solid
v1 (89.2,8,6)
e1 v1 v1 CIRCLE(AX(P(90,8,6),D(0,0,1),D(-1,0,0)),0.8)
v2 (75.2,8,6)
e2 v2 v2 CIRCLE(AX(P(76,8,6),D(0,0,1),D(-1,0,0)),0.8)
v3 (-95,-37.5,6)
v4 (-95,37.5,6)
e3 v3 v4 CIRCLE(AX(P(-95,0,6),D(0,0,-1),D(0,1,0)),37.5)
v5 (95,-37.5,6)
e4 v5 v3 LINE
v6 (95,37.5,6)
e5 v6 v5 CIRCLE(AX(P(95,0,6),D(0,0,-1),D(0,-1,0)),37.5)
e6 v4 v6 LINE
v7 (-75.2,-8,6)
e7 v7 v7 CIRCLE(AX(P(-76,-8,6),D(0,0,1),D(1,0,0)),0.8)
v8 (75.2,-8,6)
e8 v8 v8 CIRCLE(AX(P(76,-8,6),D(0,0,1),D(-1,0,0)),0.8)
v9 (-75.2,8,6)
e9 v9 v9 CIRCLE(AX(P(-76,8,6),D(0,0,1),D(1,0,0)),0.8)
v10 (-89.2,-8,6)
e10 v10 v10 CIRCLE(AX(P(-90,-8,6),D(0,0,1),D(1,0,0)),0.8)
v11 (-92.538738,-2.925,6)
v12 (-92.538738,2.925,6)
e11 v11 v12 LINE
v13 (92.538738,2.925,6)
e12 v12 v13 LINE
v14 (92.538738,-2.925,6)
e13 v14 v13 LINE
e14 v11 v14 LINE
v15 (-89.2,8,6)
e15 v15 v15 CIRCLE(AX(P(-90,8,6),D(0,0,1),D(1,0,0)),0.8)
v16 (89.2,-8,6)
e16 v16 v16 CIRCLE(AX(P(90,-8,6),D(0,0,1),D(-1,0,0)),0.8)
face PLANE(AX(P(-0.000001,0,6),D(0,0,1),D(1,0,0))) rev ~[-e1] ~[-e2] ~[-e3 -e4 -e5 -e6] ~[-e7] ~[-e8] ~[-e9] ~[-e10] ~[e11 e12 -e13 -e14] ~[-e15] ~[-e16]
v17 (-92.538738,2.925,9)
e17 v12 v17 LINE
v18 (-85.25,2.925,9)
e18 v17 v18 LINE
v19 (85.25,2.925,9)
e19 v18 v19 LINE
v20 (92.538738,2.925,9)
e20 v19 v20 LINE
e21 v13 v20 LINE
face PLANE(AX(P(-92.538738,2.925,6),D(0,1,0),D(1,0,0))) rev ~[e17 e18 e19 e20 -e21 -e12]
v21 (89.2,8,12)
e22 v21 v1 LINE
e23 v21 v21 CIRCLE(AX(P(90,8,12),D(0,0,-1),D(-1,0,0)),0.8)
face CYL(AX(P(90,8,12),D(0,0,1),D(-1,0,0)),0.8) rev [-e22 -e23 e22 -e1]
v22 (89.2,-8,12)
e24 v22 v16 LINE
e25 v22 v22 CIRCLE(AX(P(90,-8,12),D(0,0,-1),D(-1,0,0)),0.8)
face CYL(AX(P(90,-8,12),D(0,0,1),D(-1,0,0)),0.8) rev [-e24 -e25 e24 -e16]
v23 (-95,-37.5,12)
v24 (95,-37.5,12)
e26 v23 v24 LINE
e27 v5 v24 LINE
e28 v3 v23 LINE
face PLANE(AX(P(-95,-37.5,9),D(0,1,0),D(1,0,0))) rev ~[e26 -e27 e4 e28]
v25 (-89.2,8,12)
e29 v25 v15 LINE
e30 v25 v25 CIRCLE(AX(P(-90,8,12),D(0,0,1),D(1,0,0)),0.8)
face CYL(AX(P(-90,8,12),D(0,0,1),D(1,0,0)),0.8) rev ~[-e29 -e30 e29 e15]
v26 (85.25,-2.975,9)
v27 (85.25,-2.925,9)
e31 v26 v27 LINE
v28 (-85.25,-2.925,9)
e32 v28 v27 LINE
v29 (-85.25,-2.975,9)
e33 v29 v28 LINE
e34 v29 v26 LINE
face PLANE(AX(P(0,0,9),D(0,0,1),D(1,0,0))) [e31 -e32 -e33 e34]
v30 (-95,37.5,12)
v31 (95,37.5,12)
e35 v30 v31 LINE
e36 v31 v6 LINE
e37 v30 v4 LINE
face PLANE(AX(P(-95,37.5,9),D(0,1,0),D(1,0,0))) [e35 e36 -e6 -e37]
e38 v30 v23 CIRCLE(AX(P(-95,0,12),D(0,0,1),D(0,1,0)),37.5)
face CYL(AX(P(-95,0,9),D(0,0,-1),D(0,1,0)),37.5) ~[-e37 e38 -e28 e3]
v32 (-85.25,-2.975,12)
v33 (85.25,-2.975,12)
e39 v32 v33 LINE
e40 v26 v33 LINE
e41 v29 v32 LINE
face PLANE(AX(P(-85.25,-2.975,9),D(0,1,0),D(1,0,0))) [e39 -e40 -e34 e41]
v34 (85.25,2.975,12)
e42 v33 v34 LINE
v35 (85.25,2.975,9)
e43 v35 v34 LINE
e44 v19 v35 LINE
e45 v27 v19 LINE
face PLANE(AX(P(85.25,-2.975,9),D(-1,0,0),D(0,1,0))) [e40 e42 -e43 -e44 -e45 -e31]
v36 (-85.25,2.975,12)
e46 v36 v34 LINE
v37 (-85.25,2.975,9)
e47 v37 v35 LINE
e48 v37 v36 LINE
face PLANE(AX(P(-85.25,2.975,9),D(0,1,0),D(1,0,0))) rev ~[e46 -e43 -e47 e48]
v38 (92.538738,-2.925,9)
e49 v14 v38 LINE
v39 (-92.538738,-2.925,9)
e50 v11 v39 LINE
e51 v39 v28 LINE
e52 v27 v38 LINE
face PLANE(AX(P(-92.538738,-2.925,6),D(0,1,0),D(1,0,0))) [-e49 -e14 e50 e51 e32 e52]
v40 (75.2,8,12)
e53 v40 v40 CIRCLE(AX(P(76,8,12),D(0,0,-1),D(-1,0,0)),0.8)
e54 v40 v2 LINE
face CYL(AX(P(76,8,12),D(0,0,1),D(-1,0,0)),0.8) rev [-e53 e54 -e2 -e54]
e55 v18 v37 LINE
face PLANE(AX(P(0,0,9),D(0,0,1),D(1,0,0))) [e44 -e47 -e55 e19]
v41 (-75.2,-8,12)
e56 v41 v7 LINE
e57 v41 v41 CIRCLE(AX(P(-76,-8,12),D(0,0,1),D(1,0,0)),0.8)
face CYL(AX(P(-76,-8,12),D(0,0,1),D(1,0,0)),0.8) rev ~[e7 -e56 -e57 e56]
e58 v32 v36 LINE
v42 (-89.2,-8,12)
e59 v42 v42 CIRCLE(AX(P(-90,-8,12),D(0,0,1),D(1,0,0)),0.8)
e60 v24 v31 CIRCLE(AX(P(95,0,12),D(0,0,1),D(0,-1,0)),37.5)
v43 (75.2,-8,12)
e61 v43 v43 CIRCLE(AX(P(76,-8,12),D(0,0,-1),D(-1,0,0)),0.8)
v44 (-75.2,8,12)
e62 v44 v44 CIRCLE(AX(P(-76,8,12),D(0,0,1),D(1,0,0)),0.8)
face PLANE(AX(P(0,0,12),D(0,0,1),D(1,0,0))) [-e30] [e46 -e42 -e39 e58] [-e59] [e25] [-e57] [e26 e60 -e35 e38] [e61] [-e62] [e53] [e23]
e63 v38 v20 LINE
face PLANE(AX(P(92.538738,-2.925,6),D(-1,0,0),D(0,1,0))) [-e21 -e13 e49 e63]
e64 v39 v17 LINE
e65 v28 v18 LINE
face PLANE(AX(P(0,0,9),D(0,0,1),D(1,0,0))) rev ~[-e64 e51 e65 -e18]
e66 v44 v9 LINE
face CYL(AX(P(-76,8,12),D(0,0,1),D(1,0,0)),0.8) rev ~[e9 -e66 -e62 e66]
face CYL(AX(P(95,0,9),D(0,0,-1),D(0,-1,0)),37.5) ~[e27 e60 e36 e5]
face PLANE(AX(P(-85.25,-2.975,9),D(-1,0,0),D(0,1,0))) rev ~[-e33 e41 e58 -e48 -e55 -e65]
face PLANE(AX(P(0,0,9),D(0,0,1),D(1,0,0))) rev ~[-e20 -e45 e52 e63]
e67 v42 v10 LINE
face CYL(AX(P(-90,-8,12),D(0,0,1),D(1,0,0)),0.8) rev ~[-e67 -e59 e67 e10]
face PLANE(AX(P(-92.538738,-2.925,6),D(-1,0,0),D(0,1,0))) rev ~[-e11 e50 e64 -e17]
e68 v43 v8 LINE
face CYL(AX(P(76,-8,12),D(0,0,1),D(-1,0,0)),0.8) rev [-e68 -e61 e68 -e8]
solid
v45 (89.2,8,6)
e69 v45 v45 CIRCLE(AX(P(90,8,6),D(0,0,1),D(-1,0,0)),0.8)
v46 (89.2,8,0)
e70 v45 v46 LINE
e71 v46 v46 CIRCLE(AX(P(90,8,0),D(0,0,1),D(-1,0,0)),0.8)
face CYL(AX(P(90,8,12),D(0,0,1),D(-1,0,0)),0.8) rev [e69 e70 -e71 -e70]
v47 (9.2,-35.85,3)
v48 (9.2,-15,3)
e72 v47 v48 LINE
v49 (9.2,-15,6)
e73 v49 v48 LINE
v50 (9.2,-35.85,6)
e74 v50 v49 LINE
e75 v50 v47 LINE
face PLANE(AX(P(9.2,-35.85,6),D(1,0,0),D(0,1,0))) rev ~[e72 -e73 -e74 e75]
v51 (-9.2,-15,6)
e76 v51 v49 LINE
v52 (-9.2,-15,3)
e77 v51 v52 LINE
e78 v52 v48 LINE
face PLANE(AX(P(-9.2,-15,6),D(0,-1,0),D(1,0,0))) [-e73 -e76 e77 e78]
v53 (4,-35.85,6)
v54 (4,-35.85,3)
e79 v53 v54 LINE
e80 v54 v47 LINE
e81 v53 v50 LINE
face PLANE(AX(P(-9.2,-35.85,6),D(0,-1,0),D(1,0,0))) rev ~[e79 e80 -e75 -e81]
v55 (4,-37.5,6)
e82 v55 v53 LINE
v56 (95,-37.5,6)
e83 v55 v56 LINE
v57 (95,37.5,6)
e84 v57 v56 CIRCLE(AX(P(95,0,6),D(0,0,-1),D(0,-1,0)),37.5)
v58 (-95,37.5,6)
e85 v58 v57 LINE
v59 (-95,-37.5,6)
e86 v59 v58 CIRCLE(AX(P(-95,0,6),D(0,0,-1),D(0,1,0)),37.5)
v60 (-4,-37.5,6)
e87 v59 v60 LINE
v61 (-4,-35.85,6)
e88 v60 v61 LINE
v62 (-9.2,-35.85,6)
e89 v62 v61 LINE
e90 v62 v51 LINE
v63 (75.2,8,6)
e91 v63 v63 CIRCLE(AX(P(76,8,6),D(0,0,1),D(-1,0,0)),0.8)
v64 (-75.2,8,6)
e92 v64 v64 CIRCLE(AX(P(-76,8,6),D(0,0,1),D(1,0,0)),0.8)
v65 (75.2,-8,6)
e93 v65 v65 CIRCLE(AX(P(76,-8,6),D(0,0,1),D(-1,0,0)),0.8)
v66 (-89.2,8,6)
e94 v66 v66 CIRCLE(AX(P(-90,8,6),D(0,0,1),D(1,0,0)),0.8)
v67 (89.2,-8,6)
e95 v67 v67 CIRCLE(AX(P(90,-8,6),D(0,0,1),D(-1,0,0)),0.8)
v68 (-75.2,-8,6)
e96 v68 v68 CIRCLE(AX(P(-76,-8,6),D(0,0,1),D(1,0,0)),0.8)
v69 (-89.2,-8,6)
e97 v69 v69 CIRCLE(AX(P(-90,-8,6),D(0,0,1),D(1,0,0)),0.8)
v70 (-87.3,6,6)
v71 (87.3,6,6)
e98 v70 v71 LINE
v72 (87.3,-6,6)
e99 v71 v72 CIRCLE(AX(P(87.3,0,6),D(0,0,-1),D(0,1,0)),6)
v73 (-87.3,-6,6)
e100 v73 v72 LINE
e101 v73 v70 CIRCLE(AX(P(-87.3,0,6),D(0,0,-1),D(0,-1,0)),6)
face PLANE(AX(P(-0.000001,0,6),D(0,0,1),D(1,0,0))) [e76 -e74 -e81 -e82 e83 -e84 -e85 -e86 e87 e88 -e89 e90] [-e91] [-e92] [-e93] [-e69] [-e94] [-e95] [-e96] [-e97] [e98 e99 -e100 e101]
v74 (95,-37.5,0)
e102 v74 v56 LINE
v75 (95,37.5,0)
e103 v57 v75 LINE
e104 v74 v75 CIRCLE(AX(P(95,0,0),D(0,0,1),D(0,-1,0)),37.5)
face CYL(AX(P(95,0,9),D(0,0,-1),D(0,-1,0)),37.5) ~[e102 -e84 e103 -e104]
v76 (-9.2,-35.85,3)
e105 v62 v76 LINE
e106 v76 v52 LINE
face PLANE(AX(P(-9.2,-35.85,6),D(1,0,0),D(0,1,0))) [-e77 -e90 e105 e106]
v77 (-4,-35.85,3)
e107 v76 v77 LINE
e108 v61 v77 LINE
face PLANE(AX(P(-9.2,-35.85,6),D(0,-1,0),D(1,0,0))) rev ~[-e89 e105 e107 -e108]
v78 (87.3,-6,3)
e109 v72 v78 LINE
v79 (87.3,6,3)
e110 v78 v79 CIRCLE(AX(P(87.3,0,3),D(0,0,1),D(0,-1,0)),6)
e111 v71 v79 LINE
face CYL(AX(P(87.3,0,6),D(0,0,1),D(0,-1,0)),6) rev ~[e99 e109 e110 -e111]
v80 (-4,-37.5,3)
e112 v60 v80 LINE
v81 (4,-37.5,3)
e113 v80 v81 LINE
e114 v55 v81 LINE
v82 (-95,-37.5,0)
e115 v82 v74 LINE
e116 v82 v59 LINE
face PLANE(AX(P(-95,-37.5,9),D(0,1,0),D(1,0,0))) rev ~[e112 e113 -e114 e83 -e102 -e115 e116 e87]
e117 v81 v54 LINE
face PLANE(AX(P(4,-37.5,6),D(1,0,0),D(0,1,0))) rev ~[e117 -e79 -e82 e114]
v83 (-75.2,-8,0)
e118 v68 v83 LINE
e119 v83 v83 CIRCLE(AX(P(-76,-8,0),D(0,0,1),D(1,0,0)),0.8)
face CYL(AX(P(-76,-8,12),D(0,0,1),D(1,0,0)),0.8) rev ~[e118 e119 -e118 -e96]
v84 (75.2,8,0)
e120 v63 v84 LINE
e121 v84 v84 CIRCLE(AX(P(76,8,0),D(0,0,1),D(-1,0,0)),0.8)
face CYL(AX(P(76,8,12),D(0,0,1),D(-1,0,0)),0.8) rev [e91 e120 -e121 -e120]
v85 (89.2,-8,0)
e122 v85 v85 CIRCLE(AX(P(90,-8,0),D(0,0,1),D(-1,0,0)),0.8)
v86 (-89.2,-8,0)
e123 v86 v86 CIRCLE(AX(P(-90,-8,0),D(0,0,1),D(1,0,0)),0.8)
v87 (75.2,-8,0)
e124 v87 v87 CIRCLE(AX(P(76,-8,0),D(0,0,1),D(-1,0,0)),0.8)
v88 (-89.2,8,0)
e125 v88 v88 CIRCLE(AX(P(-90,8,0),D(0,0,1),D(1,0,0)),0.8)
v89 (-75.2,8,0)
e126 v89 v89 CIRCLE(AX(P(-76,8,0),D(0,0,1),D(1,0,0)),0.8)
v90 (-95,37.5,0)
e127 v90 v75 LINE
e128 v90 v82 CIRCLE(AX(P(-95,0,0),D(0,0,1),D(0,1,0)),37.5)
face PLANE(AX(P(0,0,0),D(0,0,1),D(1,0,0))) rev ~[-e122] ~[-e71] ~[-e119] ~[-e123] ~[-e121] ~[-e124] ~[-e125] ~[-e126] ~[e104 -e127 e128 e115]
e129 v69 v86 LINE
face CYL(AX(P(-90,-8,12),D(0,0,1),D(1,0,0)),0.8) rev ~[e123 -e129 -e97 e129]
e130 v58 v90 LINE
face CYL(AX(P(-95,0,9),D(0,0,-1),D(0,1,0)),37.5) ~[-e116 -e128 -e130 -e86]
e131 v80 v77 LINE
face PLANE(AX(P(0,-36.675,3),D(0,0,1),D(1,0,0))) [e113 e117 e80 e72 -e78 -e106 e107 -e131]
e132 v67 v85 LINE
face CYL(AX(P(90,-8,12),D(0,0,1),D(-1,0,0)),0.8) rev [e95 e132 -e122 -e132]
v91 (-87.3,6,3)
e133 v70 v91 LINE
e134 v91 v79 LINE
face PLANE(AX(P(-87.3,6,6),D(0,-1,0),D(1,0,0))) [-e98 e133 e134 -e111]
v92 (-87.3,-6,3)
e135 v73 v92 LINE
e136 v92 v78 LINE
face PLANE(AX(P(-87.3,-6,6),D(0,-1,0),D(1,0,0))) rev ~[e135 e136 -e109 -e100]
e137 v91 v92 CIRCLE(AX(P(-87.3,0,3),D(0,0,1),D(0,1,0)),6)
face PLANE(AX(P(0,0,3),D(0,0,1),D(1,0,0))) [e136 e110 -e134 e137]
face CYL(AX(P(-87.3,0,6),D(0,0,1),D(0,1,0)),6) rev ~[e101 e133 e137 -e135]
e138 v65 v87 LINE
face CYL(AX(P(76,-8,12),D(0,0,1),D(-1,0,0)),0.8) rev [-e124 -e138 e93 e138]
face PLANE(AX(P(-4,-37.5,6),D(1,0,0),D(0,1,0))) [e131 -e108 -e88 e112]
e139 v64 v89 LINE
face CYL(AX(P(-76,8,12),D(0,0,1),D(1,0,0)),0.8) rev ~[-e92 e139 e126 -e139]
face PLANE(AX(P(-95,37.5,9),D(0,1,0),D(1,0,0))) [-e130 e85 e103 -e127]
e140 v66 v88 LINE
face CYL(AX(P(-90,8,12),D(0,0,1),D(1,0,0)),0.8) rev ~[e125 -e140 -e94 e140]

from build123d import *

# Parameters (mm, degrees)
BOX_BOTTOM_HALF_0_W     = 266.988319
BOX_BOTTOM_HALF_0_H     = 77
BOX_BOTTOM_HALF_0_DEPTH = 7
PAD_DEPTH               = 6
POCKET_DEPTH            = 3
SKETCH002_W             = 18.4
SKETCH002_H             = 20.85
POCKET001_DEPTH         = 3
SKETCH003_W             = 8
SKETCH003_H             = 1.65
POCKET002_DEPTH         = 3
SKETCH004_W             = 185.077476
SKETCH004_H             = 5.85
PAD001_DEPTH            = 3
SKETCH005_W             = 170.5
SKETCH005_H             = 5.95
PAD002_DEPTH            = 3
SKETCH007_R             = 0.8
POCKET003_DEPTH         = 563.341185


with BuildPart() as box_bottom_half_0_body:
    # box_bottom_half_0 → box_bottom_half_0 (new body)
    with BuildSketch(Plane(origin=(-133.49416, -38.5, -1), x_dir=(1, 0, 0), z_dir=(0, 0, 1))):
        with Locations((133.494159, 38.5)):
            Rectangle(BOX_BOTTOM_HALF_0_W, BOX_BOTTOM_HALF_0_H)
    extrude(amount=BOX_BOTTOM_HALF_0_DEPTH)


with BuildPart() as body:
    # Sketch → Pad (new body)
    with BuildSketch(Plane.XY):
        with BuildLine():
            ThreePointArc((-95, 37.5), (-132.5, 0), (-95, -37.5))
            Line((-95, -37.5), (95, -37.5))
            ThreePointArc((95, -37.5), (132.5, 0), (95, 37.5))
            Line((-95, 37.5), (95, 37.5))
        make_face()
    extrude(amount=PAD_DEPTH)

    # Sketch001 (on Face6 of Pad) → Pocket (cut)
    with BuildSketch(Plane.XY.offset(6)):
        with BuildLine():
            ThreePointArc((-87.3, 6), (-93.3, 0), (-87.3, -6))
            Line((-87.3, -6), (87.3, -6))
            ThreePointArc((87.3, -6), (93.3, 0), (87.3, 6))
            Line((-87.3, 6), (87.3, 6))
        make_face()
    extrude(amount=-POCKET_DEPTH, mode=Mode.SUBTRACT)

    # Sketch002 (on Face5 of Pocket) → Pocket001 (cut)
    with BuildSketch(Plane.XY.offset(6)):
        with Locations((0, -25.425)):
            Rectangle(SKETCH002_W, SKETCH002_H)
    extrude(amount=-POCKET001_DEPTH, mode=Mode.SUBTRACT)

    # Sketch003 (on Face5 of Pocket001) → Pocket002 (cut)
    with BuildSketch(Plane.XY.offset(6)):
        with Locations((0, -36.675)):
            Rectangle(SKETCH003_W, SKETCH003_H)
    extrude(amount=-POCKET002_DEPTH, mode=Mode.SUBTRACT)

    # Sketch004 (on Face5 of Pocket002) → Pad001 (join)
    with BuildSketch(Plane.XY.offset(6)):
        with BuildLine():
            ThreePointArc((-95, 37.5), (-132.5, 0), (-95, -37.5))
            Line((-95, -37.5), (95, -37.5))
            ThreePointArc((95, -37.5), (132.5, 0), (95, 37.5))
            Line((-95, 37.5), (95, 37.5))
        make_face()
        Rectangle(SKETCH004_W, SKETCH004_H, mode=Mode.SUBTRACT)
    extrude(amount=PAD001_DEPTH)

    # Sketch005 (on Face12 of Pad001) → Pad002 (join)
    with BuildSketch(Plane.XY.offset(9)):
        with BuildLine():
            ThreePointArc((-95, 37.5), (-132.5, 0), (-95, -37.5))
            Line((-95, -37.5), (95, -37.5))
            ThreePointArc((95, -37.5), (132.5, 0), (95, 37.5))
            Line((-95, 37.5), (95, 37.5))
        make_face()
        Rectangle(SKETCH005_W, SKETCH005_H, mode=Mode.SUBTRACT)
    extrude(amount=PAD002_DEPTH)

    # Sketch007 (on Face20 of Pad002) → Pocket003 (cut, through all)
    with BuildSketch(Plane.XY.offset(12)):
        with Locations((-90, -8)):
            Circle(SKETCH007_R)
        with Locations((-90, 8)):
            Circle(SKETCH007_R)
        with Locations((-76, 8)):
            Circle(SKETCH007_R)
        with Locations((-76, -8)):
            Circle(SKETCH007_R)
    pocket003 = extrude(amount=-POCKET003_DEPTH, mode=Mode.SUBTRACT)

    # Mirrored: Pocket003 across Sketch007 V_Axis
    add(pocket003.mirror(Plane(origin=(0, 0, 12), x_dir=(0, 0, 1), z_dir=(1, 0, 0))), mode=Mode.SUBTRACT)


with BuildPart() as bottom_half_0_body:
    # bottom_half_0 base: copy of Body
    add(body.part)

    # bottom_half_0: intersect box_bottom_half_0 body
    add(box_bottom_half_0_body.part, mode=Mode.INTERSECT)


with BuildPart() as top_half_0_body:
    # top_half_0 base: copy of Body
    add(body.part)

    # top_half_0: cut box_bottom_half_0 body
    add(box_bottom_half_0_body.part, mode=Mode.SUBTRACT)


solid = Compound([bottom_half_0_body.part, top_half_0_body.part])
